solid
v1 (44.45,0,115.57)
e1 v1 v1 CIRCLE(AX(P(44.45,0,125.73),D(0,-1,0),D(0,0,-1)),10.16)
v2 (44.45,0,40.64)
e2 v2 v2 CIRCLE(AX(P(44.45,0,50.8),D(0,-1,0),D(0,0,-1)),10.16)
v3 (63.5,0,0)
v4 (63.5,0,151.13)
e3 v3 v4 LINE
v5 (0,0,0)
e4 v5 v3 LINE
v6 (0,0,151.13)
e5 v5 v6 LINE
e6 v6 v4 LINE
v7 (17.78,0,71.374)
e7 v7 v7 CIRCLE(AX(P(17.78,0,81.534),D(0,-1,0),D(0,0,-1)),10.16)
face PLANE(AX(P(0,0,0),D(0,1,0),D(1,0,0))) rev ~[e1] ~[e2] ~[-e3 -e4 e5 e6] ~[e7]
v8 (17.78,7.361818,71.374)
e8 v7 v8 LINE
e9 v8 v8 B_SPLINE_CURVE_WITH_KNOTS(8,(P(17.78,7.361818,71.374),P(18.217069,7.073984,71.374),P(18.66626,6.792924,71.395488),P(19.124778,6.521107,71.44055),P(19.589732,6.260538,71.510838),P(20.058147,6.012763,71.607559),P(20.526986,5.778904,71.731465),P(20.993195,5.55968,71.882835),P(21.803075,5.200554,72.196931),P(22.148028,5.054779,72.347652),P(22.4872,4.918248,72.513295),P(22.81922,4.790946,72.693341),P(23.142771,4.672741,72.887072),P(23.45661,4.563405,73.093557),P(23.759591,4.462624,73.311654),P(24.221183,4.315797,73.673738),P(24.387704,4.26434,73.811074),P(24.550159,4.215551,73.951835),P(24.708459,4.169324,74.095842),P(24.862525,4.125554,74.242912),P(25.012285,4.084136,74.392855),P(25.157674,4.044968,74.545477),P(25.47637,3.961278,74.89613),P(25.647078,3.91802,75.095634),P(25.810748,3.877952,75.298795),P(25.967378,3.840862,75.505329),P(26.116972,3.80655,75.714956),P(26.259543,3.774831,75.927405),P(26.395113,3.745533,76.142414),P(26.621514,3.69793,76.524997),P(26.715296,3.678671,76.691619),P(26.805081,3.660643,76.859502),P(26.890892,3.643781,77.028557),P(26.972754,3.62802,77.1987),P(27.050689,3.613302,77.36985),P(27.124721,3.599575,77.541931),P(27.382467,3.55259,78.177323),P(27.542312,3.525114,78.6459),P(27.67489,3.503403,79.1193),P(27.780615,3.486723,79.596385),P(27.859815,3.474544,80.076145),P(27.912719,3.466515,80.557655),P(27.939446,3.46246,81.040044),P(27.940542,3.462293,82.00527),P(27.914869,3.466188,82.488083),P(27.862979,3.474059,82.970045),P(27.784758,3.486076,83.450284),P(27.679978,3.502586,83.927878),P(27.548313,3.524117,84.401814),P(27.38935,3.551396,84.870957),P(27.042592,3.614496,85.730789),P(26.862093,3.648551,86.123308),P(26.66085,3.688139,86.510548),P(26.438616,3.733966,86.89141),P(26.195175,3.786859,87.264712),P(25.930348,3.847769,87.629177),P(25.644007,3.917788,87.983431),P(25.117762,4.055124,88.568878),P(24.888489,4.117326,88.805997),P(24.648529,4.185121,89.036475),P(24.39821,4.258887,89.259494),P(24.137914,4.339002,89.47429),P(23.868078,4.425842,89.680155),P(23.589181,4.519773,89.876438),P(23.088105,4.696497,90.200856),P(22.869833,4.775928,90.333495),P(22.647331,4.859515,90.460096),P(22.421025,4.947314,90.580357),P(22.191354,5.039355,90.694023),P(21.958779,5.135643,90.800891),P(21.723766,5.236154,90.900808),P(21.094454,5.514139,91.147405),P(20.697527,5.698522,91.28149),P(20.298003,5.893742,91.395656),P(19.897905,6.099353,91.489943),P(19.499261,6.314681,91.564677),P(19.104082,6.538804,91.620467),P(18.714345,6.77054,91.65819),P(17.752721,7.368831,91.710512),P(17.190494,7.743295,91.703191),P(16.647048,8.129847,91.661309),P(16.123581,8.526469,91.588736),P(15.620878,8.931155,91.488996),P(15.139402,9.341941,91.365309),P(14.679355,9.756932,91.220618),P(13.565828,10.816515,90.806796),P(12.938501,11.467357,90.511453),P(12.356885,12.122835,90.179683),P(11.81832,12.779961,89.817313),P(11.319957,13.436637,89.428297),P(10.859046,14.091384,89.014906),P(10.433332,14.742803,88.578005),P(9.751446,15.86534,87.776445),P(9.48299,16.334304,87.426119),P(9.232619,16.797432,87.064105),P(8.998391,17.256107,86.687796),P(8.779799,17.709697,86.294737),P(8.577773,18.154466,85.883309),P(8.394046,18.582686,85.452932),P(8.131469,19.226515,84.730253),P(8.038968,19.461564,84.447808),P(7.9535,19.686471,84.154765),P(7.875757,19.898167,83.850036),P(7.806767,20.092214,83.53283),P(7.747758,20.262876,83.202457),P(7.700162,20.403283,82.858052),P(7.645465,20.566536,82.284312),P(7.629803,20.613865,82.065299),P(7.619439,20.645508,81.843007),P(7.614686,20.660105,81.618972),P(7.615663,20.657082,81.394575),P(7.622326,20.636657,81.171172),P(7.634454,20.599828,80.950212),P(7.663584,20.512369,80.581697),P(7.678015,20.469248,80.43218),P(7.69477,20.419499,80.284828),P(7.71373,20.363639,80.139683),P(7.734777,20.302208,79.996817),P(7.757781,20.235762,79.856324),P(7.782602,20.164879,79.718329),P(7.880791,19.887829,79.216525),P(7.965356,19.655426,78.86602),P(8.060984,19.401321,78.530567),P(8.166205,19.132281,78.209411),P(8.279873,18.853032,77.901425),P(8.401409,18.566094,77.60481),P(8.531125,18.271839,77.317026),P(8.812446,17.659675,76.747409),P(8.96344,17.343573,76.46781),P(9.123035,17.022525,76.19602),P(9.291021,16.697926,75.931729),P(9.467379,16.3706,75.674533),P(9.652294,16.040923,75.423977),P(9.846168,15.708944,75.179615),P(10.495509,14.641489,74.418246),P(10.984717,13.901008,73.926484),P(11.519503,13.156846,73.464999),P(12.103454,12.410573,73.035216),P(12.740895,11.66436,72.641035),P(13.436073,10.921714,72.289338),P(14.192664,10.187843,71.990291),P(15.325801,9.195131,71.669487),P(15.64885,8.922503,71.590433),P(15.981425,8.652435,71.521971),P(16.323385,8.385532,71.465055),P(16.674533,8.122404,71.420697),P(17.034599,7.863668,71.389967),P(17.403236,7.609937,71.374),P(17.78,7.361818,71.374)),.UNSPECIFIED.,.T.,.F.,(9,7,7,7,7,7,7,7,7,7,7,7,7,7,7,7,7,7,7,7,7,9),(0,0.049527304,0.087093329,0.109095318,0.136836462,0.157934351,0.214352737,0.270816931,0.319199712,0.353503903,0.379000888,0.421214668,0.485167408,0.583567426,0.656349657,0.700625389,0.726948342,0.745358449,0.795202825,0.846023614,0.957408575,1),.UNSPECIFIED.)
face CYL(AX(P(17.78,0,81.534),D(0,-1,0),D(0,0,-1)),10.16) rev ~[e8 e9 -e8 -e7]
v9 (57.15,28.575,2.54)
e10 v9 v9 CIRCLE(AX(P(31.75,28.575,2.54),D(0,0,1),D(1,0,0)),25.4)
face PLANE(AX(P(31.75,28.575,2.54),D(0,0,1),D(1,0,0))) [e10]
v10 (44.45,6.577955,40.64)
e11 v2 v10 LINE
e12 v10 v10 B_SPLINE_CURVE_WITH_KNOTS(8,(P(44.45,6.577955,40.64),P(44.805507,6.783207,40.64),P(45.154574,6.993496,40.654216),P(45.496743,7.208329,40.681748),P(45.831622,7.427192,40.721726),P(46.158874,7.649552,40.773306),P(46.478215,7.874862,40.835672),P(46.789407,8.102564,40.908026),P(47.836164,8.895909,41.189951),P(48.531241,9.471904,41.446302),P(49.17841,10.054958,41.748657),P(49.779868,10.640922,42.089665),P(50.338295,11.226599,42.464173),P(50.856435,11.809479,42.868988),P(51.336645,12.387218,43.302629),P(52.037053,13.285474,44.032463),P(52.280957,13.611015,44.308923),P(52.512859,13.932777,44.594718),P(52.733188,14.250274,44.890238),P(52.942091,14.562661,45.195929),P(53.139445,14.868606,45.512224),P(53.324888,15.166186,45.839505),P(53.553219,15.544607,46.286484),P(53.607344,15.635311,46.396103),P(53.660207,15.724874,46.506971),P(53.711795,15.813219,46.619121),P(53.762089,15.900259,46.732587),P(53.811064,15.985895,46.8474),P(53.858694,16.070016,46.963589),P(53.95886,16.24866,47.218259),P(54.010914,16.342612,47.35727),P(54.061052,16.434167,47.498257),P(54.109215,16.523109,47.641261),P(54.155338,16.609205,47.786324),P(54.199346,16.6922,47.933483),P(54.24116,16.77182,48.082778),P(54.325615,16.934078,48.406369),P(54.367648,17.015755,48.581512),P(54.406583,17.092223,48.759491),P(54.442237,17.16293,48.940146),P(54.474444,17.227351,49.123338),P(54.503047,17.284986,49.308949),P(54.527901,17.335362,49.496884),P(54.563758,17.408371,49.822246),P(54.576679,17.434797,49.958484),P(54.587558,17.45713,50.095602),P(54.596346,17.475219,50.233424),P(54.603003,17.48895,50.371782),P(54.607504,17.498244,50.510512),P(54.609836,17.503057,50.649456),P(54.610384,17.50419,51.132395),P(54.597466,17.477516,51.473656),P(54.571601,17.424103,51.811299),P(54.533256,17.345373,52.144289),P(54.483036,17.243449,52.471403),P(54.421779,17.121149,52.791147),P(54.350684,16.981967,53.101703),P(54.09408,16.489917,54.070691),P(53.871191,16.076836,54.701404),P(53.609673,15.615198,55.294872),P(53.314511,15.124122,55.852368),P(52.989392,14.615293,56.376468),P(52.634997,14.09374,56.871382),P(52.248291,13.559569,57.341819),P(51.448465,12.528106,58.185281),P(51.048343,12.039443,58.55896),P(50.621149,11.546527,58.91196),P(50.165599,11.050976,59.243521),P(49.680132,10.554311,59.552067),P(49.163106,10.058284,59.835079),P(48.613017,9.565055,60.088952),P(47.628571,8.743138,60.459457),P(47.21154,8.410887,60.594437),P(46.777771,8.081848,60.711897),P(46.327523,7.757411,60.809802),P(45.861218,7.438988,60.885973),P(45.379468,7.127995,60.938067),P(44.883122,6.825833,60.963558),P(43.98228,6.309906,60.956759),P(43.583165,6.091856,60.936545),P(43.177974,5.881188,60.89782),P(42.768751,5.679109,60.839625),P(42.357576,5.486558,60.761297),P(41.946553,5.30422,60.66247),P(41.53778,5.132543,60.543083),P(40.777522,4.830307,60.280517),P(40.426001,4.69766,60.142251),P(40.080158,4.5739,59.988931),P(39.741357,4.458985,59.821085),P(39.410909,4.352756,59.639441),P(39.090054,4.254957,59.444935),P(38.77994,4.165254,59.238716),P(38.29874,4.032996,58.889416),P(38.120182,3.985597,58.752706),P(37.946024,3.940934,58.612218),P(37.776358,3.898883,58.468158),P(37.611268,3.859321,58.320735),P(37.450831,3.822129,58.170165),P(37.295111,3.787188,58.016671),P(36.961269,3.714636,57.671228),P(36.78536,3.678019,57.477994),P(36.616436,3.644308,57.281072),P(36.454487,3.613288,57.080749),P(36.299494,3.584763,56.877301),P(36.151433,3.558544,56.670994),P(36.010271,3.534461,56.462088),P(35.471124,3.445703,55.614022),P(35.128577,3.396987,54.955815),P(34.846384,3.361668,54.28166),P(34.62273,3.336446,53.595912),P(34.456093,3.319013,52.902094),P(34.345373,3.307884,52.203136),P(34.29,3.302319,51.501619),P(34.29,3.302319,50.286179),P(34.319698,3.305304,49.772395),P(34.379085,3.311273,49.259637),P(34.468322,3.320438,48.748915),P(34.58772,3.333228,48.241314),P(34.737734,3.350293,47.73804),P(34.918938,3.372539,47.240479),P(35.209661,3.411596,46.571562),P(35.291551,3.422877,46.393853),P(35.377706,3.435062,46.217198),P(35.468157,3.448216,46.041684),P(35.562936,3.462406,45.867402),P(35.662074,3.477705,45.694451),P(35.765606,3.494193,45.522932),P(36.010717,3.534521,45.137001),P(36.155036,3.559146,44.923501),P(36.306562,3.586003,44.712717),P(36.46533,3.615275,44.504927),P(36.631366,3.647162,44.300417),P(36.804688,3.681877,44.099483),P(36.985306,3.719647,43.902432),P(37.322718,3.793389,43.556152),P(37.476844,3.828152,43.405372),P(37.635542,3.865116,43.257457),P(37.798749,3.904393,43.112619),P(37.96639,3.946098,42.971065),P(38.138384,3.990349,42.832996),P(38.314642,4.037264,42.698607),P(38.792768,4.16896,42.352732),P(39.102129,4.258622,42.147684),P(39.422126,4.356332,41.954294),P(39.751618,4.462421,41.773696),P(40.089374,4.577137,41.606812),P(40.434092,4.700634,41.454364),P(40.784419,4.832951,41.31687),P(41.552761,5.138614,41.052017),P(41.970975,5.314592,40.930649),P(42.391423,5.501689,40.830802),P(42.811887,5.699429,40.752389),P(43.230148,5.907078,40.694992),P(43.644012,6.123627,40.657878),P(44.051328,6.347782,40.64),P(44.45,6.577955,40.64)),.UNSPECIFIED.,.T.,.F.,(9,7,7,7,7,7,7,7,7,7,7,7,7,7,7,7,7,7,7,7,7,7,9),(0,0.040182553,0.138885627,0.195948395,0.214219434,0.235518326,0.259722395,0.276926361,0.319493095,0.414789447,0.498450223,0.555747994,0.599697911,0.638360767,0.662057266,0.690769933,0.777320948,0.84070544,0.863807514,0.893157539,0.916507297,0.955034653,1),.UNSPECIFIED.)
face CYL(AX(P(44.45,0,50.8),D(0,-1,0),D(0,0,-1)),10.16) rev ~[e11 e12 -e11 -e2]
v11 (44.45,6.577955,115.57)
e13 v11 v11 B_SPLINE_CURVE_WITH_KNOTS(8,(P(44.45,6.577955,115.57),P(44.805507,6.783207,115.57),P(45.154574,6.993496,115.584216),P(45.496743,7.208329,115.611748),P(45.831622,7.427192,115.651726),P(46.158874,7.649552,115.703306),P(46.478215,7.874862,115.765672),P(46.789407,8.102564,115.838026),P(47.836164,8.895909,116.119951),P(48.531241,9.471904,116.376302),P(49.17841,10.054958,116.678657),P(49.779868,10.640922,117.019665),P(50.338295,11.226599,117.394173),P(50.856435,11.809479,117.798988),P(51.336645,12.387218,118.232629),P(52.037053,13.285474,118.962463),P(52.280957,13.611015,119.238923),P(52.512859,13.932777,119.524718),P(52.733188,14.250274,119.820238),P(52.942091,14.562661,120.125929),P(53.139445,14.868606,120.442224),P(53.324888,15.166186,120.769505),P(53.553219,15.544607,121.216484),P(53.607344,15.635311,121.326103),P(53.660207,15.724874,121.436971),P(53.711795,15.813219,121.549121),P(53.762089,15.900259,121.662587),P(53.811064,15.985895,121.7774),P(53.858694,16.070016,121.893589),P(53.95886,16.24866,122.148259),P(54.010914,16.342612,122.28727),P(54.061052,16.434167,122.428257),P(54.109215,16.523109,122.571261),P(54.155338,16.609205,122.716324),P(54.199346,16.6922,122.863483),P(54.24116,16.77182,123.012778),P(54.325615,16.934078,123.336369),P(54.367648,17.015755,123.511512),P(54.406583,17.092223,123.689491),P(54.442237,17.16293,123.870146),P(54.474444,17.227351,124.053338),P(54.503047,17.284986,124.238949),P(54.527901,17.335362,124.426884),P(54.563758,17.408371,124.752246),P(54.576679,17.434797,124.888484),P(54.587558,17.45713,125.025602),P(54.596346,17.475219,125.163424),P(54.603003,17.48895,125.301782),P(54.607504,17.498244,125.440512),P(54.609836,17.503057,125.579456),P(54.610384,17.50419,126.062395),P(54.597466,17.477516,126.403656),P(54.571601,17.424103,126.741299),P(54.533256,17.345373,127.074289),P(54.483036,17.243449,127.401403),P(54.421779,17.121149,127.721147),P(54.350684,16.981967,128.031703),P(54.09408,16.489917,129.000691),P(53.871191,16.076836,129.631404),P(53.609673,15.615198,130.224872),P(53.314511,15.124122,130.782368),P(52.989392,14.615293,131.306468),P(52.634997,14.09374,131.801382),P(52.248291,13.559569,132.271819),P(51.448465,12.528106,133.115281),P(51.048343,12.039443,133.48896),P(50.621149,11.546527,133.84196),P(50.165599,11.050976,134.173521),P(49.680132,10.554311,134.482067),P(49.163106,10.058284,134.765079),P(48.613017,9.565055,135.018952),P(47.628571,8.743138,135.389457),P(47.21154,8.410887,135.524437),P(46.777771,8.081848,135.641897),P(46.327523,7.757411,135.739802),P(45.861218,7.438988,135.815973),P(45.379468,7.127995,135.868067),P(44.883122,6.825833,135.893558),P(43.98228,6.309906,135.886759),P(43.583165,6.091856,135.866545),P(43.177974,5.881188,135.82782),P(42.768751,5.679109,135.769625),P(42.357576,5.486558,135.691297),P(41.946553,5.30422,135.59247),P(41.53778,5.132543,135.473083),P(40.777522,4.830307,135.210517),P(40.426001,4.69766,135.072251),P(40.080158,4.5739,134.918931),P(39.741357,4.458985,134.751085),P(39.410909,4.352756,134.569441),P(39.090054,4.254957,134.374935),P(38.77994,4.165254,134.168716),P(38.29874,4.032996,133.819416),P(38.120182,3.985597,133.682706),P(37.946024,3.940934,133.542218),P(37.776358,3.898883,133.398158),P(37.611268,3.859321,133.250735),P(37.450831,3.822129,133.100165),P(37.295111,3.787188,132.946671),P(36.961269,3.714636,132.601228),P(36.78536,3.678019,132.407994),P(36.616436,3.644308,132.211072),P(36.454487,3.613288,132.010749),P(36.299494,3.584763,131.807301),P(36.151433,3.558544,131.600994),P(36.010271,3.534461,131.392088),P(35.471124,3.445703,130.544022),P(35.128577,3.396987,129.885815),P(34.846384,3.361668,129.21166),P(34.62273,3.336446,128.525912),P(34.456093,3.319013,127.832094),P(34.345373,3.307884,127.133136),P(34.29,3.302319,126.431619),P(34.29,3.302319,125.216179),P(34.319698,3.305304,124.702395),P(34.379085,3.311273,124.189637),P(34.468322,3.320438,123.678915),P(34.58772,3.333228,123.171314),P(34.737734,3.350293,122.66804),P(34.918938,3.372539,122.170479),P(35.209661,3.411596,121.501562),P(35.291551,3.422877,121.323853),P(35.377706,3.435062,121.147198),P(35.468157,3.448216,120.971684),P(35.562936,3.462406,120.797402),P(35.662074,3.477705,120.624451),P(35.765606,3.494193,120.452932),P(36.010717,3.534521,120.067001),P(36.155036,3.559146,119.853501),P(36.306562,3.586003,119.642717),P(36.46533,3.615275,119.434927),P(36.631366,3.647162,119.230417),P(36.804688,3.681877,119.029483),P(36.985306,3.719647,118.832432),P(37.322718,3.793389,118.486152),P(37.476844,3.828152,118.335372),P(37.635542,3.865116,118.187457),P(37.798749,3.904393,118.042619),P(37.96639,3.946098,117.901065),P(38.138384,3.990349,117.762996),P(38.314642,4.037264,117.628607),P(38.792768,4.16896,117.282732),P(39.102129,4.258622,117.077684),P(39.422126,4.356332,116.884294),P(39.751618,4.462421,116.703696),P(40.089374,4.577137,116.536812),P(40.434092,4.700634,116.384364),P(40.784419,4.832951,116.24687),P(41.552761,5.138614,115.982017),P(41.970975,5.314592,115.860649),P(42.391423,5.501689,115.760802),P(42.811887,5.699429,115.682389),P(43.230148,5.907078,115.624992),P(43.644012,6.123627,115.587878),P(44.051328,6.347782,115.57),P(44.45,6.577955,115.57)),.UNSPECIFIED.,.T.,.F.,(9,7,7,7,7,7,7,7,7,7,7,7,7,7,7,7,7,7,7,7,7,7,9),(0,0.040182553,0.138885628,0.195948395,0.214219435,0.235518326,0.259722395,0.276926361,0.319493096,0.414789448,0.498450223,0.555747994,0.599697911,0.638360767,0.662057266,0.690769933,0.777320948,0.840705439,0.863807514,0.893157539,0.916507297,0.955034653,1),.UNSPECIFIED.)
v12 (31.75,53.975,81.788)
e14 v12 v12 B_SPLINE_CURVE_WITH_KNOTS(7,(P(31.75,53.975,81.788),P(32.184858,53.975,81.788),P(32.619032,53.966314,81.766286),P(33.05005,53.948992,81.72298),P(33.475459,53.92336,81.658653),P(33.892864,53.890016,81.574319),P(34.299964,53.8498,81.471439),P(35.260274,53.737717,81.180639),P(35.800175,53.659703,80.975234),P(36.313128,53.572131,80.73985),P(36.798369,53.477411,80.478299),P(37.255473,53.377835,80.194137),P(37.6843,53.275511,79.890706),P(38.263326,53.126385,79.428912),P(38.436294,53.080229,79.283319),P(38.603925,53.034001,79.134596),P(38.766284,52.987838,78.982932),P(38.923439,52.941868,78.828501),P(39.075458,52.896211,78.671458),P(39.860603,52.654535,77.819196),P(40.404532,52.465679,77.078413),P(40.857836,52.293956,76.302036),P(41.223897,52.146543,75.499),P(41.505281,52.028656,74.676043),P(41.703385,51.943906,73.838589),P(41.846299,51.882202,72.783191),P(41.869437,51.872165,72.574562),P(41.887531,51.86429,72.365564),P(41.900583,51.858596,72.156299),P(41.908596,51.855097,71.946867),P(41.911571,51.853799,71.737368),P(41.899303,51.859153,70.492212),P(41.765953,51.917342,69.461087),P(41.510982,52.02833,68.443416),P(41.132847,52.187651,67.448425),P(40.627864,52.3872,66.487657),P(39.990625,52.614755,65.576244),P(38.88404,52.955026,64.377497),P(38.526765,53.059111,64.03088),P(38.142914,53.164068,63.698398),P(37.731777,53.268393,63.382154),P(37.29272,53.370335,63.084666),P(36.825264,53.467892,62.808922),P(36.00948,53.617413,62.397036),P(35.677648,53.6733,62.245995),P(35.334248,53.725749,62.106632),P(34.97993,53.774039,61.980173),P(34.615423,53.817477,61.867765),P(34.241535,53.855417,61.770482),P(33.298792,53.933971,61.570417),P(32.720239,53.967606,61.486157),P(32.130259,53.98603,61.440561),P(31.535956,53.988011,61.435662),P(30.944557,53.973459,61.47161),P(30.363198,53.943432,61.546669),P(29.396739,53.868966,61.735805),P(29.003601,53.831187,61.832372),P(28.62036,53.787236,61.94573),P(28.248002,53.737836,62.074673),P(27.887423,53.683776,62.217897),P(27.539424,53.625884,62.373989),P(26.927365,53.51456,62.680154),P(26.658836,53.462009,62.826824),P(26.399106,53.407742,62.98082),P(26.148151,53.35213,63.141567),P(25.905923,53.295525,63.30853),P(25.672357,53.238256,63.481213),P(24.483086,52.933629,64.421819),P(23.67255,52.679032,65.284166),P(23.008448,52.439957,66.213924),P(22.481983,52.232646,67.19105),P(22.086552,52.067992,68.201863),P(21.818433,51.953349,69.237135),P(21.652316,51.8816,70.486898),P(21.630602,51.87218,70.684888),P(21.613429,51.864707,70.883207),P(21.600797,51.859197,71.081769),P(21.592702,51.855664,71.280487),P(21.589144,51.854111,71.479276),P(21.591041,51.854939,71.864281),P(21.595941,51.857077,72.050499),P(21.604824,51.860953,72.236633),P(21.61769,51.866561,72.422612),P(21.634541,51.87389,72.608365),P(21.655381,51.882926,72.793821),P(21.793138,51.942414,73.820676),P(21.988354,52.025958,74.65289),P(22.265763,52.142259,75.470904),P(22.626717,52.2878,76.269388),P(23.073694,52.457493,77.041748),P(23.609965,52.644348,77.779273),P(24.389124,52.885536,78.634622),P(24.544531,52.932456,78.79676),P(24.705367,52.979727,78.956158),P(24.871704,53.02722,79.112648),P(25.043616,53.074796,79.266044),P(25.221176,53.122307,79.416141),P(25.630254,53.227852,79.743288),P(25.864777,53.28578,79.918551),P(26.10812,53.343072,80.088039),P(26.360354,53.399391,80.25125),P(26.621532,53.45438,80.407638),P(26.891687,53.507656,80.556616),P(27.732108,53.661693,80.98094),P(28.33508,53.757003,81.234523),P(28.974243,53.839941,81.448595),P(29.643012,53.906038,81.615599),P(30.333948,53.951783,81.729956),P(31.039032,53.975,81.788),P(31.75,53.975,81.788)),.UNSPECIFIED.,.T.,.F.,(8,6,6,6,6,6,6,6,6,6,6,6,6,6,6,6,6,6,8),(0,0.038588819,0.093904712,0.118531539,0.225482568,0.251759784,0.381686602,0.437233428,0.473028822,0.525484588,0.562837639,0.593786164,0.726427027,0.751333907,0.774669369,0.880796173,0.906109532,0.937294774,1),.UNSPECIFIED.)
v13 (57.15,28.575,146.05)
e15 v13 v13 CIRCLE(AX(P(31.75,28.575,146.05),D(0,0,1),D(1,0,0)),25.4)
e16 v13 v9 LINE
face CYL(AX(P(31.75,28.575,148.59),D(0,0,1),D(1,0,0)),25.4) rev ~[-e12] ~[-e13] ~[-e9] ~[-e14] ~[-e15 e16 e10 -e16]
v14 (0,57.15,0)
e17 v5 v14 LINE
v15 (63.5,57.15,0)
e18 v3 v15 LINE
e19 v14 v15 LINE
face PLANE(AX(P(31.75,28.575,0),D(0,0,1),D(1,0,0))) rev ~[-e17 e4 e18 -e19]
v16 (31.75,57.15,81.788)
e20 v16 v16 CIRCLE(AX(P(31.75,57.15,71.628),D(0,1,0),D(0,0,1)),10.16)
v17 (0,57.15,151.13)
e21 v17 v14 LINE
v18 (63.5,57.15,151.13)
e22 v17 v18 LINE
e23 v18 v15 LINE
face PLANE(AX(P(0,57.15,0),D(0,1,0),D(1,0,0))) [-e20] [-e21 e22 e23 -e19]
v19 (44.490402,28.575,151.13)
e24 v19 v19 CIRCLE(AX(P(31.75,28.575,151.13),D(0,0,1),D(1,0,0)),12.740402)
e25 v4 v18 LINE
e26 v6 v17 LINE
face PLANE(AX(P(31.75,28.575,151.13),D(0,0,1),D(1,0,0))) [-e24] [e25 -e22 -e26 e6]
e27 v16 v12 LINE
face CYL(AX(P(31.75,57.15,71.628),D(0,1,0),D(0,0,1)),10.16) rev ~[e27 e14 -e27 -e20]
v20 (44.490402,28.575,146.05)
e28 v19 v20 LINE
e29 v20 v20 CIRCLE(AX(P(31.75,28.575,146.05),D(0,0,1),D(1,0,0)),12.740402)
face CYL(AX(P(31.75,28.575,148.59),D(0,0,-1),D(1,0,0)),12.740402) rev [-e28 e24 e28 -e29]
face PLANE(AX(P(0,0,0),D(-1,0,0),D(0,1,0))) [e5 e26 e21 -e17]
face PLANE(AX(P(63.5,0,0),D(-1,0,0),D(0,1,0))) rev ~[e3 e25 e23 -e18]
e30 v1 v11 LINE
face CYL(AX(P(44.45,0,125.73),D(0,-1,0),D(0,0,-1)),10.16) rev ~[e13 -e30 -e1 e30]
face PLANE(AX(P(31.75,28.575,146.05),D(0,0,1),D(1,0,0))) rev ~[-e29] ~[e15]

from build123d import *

# Parameters (mm, degrees)
SKETCH1_W               = 63.5
SKETCH1_H               = 57.15
BOSS_EXTRUDE5_DEPTH     = 148.59
SKETCH5_OUTSIDE_W       = 99.78
SKETCH5_OUTSIDE_H       = 93.43
SKETCH5_OUTSIDE_W_2     = 63.5
SKETCH5_OUTSIDE_H_2     = 57.15
SKETCH5_OUTSIDE_R       = 25.4
CUT_EXTRUDE4_DEPTH      = 146.05
SKETCH8_W               = 63.5
SKETCH8_H               = 57.15
SKETCH8_R               = 12.740402439
BOSS_EXTRUDE6_DEPTH     = 2.54
CUT_EXTRUDE5_REACH      = 175.605
CUT_EXTRUDE5_END_RADIUS = 25.4
SKETCH9_R               = 10.16
CUT_EXTRUDE6_REACH      = 175.605
CUT_EXTRUDE6_END_RADIUS = 25.4
SKETCH10_R              = 10.16


with BuildPart() as part:
    # Sketch1 → Boss-Extrude5 (new body)
    with BuildSketch(Plane.XY):
        with Locations((31.75, 28.575)):
            Rectangle(SKETCH1_W, SKETCH1_H)
    extrude(amount=BOSS_EXTRUDE5_DEPTH)

    # Sketch5 outside → Cut-Extrude4 (cut)
    # profile 1 of 2: a face of its own
    with BuildSketch(Plane.XY.offset(148.59)):
        with Locations((31.75, 28.575)):
            Rectangle(SKETCH5_OUTSIDE_W, SKETCH5_OUTSIDE_H)
        with Locations((31.75, 28.575)):
            Rectangle(SKETCH5_OUTSIDE_W_2, SKETCH5_OUTSIDE_H_2, mode=Mode.SUBTRACT)
    # profile 2 of 2: a face of its own
    with BuildSketch(Plane.XY.offset(148.59)):
        with Locations((31.75, 28.575)):
            Circle(SKETCH5_OUTSIDE_R)
    extrude(amount=-CUT_EXTRUDE4_DEPTH, mode=Mode.SUBTRACT)

    # Sketch8 → Boss-Extrude6 (add, symmetric)
    with BuildSketch(Plane.XY.offset(148.59)):
        with Locations((31.75, 28.575)):
            Rectangle(SKETCH8_W, SKETCH8_H)
        with Locations((31.75, 28.575)):
            Circle(SKETCH8_R, mode=Mode.SUBTRACT)
    extrude(amount=BOSS_EXTRUDE6_DEPTH, both=True)

    # Cut-Extrude5: up to this cylinder (the profile starts outside it)
    cut_extrude5_end = Plane(origin=(31.75, 28.575, 71.628), z_dir=(0, 0, 1)) * Cylinder(CUT_EXTRUDE5_END_RADIUS, 403.01, mode=Mode.PRIVATE)
    # Sketch9 → Cut-Extrude5 (cut, up to the surface)
    with BuildSketch(Plane(origin=(0, 57.15, 0), x_dir=(1, 0, 0), z_dir=(0, 1, 0)), mode=Mode.PRIVATE) as cut_extrude5_sk1:
        with Locations(Location((31.75, -71.628, 0), (0, 0, 270))):
            Circle(SKETCH9_R)
    cut_extrude5_tool1 = extrude(cut_extrude5_sk1.sketch, amount=-CUT_EXTRUDE5_REACH, mode=Mode.PRIVATE) - cut_extrude5_end
    add(cut_extrude5_tool1.solids().sort_by_distance((31.75, 57.15, 71.628))[0], mode=Mode.SUBTRACT)

    # Cut-Extrude6: up to this cylinder (the profile starts outside it)
    cut_extrude6_end = Plane(origin=(31.75, 28.575, 88.265), z_dir=(0, 0, 1)) * Cylinder(CUT_EXTRUDE6_END_RADIUS, 477.94, mode=Mode.PRIVATE)
    # Sketch10 → Cut-Extrude6 (cut, up to the surface)
    with BuildSketch(Plane.XZ, mode=Mode.PRIVATE) as cut_extrude6_sk1:
        with Locations(Location((17.78, 81.534, 0), (0, 0, 270))):
            Circle(SKETCH10_R)
    cut_extrude6_tool1 = extrude(cut_extrude6_sk1.sketch, amount=-CUT_EXTRUDE6_REACH, mode=Mode.PRIVATE) - cut_extrude6_end
    add(cut_extrude6_tool1.solids().sort_by_distance((17.78, 0, 81.534))[0], mode=Mode.SUBTRACT)
    # Sketch10 → Cut-Extrude6 (cut, up to the surface)
    with BuildSketch(Plane.XZ, mode=Mode.PRIVATE) as cut_extrude6_sk2:
        with Locations(Location((44.45, 125.73, 0), (0, 0, 270))):
            Circle(SKETCH10_R)
    cut_extrude6_tool2 = extrude(cut_extrude6_sk2.sketch, amount=-CUT_EXTRUDE6_REACH, mode=Mode.PRIVATE) - cut_extrude6_end
    add(cut_extrude6_tool2.solids().sort_by_distance((44.45, 0, 125.73))[0], mode=Mode.SUBTRACT)
    # Sketch10 → Cut-Extrude6 (cut, up to the surface)
    with BuildSketch(Plane.XZ, mode=Mode.PRIVATE) as cut_extrude6_sk3:
        with Locations(Location((44.45, 50.8, 0), (0, 0, 270))):
            Circle(SKETCH10_R)
    cut_extrude6_tool3 = extrude(cut_extrude6_sk3.sketch, amount=-CUT_EXTRUDE6_REACH, mode=Mode.PRIVATE) - cut_extrude6_end
    add(cut_extrude6_tool3.solids().sort_by_distance((44.45, 0, 50.8))[0], mode=Mode.SUBTRACT)


solid = part.part
